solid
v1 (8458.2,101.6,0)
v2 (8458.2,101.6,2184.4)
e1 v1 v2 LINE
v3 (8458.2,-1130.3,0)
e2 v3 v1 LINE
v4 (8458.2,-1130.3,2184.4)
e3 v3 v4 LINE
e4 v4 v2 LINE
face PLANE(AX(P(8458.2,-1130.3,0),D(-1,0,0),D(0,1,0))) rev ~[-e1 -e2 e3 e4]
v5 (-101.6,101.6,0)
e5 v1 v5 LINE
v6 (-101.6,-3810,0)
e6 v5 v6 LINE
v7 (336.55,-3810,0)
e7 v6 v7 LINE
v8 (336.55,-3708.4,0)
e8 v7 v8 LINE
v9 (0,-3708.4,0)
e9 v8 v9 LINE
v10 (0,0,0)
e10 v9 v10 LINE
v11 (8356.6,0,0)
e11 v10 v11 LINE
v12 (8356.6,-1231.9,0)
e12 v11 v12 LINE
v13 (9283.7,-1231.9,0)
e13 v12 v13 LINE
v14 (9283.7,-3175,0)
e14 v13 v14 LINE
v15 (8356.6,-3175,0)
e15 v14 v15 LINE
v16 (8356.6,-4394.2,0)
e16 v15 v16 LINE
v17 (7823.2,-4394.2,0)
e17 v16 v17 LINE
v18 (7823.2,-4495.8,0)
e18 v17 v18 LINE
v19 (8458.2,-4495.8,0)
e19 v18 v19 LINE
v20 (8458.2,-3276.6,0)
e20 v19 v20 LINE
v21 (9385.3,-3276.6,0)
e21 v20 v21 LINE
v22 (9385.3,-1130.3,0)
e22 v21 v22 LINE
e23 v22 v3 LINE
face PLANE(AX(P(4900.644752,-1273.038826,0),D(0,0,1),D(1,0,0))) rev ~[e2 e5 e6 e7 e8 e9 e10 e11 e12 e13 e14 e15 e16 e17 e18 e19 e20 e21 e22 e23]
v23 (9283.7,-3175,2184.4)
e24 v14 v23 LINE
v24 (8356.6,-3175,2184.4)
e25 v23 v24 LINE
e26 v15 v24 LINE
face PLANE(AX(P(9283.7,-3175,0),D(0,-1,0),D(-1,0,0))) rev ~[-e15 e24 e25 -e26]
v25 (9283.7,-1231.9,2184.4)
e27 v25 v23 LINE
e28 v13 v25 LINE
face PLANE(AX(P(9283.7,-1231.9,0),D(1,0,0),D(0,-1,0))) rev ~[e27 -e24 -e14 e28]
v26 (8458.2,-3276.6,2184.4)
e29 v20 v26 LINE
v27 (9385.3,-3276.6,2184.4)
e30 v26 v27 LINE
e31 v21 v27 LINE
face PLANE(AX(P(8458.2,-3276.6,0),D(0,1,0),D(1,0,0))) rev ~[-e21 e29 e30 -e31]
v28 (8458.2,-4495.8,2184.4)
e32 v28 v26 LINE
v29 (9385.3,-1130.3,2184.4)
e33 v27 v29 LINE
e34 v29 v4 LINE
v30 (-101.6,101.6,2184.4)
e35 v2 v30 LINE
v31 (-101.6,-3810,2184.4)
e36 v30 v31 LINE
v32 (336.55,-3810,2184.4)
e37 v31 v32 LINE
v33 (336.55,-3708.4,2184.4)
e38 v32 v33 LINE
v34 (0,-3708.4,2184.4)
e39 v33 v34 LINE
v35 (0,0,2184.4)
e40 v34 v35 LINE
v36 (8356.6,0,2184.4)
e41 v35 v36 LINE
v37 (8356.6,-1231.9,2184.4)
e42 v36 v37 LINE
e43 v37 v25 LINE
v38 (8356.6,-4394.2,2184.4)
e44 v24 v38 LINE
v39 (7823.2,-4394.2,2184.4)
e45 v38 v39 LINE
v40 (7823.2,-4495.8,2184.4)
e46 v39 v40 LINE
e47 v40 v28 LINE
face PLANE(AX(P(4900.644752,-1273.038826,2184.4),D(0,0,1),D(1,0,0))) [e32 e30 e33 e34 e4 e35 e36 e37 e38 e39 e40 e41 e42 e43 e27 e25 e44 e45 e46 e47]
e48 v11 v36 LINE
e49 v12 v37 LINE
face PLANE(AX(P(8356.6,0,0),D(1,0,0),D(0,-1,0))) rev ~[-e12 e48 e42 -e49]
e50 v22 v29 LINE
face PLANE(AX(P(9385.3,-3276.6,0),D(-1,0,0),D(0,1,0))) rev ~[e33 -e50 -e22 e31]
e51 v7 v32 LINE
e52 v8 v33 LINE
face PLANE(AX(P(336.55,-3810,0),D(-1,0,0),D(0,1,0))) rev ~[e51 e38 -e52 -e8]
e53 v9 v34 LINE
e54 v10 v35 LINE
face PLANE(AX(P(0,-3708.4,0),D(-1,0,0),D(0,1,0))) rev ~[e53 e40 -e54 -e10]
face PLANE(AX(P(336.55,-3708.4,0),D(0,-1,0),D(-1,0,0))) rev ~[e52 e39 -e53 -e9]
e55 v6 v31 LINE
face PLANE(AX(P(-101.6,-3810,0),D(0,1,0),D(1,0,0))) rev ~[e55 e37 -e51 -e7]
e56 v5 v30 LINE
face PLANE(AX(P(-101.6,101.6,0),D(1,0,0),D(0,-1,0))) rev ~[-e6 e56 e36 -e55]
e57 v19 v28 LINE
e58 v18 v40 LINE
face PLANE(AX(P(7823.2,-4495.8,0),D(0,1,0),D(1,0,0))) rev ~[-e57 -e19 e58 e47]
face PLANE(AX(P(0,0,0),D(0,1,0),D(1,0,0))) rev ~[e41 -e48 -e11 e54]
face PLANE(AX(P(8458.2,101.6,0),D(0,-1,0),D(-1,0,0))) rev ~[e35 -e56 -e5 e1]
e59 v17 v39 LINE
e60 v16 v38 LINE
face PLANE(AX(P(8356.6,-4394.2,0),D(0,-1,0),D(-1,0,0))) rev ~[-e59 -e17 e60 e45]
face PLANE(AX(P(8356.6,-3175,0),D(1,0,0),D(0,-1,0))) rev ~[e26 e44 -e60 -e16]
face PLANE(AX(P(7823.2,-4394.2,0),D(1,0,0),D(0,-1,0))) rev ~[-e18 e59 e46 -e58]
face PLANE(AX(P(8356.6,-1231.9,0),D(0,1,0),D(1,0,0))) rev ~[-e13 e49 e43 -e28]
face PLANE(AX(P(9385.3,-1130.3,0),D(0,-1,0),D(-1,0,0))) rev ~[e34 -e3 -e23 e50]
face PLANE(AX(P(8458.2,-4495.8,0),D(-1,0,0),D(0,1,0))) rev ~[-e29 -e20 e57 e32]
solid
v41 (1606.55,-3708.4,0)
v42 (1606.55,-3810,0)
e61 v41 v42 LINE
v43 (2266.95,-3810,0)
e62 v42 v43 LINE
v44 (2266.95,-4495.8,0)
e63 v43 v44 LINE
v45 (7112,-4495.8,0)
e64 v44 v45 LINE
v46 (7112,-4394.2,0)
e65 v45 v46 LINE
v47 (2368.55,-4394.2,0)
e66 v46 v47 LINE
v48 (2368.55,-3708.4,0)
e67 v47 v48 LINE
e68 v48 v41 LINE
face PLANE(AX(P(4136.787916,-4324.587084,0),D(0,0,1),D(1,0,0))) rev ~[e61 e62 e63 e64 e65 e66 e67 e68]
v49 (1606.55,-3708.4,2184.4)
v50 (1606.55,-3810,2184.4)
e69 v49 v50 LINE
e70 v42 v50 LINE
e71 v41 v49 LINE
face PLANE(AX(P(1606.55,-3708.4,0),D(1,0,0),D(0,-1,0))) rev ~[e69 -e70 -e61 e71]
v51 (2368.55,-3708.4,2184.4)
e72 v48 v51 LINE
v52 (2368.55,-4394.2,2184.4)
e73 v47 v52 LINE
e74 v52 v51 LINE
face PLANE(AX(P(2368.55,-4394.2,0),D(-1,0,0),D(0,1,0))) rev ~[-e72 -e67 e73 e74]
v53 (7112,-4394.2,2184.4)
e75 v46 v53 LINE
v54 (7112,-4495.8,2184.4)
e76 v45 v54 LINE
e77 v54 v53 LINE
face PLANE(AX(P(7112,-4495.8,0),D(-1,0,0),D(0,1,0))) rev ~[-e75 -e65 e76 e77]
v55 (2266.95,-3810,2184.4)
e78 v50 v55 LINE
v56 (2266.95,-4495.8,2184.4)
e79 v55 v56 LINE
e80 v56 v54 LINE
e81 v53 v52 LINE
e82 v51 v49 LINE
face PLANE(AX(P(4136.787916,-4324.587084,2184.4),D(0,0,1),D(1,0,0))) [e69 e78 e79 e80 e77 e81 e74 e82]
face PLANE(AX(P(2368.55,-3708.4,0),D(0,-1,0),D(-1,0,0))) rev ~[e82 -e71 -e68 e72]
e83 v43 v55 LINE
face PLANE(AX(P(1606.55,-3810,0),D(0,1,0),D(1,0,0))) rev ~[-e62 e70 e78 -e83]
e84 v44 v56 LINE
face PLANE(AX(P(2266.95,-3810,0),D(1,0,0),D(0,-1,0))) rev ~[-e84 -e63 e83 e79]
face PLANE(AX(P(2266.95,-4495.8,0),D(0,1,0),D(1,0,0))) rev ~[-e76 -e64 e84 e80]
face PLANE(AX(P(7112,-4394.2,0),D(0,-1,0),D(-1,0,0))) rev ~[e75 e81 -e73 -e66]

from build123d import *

# Parameters (mm, degrees)
F1_DEPTH = 2184.4


with BuildPart() as f1:
    # F0 (on Top) → F1 (new body)
    with BuildSketch(Plane.XY):
        Polygon((0, -3708.4), (0, 0), (812.8, 0), (3048, 0), (8356.6, 0), (8356.6, -1231.9), (9283.7, -1231.9), (9283.7, -3175), (8356.6, -3175), (8356.6, -4394.2), (7823.2, -4394.2), (7823.2, -4495.8), (8458.2, -4495.8), (8458.2, -3276.6), (9385.3, -3276.6), (9385.3, -1130.3), (8458.2, -1130.3), (8458.2, 101.6), (5651.08757, 101.6), (-101.6, 101.6), (-101.6, -3810), (336.55, -3810), (336.55, -3708.4), align=None)
        Polygon((2368.55, -3708.4), (1606.55, -3708.4), (1606.55, -3810), (2266.95, -3810), (2266.95, -4495.8), (7112, -4495.8), (7112, -4394.2), (2368.55, -4394.2), align=None)
    extrude(amount=F1_DEPTH)


solid = f1.part
